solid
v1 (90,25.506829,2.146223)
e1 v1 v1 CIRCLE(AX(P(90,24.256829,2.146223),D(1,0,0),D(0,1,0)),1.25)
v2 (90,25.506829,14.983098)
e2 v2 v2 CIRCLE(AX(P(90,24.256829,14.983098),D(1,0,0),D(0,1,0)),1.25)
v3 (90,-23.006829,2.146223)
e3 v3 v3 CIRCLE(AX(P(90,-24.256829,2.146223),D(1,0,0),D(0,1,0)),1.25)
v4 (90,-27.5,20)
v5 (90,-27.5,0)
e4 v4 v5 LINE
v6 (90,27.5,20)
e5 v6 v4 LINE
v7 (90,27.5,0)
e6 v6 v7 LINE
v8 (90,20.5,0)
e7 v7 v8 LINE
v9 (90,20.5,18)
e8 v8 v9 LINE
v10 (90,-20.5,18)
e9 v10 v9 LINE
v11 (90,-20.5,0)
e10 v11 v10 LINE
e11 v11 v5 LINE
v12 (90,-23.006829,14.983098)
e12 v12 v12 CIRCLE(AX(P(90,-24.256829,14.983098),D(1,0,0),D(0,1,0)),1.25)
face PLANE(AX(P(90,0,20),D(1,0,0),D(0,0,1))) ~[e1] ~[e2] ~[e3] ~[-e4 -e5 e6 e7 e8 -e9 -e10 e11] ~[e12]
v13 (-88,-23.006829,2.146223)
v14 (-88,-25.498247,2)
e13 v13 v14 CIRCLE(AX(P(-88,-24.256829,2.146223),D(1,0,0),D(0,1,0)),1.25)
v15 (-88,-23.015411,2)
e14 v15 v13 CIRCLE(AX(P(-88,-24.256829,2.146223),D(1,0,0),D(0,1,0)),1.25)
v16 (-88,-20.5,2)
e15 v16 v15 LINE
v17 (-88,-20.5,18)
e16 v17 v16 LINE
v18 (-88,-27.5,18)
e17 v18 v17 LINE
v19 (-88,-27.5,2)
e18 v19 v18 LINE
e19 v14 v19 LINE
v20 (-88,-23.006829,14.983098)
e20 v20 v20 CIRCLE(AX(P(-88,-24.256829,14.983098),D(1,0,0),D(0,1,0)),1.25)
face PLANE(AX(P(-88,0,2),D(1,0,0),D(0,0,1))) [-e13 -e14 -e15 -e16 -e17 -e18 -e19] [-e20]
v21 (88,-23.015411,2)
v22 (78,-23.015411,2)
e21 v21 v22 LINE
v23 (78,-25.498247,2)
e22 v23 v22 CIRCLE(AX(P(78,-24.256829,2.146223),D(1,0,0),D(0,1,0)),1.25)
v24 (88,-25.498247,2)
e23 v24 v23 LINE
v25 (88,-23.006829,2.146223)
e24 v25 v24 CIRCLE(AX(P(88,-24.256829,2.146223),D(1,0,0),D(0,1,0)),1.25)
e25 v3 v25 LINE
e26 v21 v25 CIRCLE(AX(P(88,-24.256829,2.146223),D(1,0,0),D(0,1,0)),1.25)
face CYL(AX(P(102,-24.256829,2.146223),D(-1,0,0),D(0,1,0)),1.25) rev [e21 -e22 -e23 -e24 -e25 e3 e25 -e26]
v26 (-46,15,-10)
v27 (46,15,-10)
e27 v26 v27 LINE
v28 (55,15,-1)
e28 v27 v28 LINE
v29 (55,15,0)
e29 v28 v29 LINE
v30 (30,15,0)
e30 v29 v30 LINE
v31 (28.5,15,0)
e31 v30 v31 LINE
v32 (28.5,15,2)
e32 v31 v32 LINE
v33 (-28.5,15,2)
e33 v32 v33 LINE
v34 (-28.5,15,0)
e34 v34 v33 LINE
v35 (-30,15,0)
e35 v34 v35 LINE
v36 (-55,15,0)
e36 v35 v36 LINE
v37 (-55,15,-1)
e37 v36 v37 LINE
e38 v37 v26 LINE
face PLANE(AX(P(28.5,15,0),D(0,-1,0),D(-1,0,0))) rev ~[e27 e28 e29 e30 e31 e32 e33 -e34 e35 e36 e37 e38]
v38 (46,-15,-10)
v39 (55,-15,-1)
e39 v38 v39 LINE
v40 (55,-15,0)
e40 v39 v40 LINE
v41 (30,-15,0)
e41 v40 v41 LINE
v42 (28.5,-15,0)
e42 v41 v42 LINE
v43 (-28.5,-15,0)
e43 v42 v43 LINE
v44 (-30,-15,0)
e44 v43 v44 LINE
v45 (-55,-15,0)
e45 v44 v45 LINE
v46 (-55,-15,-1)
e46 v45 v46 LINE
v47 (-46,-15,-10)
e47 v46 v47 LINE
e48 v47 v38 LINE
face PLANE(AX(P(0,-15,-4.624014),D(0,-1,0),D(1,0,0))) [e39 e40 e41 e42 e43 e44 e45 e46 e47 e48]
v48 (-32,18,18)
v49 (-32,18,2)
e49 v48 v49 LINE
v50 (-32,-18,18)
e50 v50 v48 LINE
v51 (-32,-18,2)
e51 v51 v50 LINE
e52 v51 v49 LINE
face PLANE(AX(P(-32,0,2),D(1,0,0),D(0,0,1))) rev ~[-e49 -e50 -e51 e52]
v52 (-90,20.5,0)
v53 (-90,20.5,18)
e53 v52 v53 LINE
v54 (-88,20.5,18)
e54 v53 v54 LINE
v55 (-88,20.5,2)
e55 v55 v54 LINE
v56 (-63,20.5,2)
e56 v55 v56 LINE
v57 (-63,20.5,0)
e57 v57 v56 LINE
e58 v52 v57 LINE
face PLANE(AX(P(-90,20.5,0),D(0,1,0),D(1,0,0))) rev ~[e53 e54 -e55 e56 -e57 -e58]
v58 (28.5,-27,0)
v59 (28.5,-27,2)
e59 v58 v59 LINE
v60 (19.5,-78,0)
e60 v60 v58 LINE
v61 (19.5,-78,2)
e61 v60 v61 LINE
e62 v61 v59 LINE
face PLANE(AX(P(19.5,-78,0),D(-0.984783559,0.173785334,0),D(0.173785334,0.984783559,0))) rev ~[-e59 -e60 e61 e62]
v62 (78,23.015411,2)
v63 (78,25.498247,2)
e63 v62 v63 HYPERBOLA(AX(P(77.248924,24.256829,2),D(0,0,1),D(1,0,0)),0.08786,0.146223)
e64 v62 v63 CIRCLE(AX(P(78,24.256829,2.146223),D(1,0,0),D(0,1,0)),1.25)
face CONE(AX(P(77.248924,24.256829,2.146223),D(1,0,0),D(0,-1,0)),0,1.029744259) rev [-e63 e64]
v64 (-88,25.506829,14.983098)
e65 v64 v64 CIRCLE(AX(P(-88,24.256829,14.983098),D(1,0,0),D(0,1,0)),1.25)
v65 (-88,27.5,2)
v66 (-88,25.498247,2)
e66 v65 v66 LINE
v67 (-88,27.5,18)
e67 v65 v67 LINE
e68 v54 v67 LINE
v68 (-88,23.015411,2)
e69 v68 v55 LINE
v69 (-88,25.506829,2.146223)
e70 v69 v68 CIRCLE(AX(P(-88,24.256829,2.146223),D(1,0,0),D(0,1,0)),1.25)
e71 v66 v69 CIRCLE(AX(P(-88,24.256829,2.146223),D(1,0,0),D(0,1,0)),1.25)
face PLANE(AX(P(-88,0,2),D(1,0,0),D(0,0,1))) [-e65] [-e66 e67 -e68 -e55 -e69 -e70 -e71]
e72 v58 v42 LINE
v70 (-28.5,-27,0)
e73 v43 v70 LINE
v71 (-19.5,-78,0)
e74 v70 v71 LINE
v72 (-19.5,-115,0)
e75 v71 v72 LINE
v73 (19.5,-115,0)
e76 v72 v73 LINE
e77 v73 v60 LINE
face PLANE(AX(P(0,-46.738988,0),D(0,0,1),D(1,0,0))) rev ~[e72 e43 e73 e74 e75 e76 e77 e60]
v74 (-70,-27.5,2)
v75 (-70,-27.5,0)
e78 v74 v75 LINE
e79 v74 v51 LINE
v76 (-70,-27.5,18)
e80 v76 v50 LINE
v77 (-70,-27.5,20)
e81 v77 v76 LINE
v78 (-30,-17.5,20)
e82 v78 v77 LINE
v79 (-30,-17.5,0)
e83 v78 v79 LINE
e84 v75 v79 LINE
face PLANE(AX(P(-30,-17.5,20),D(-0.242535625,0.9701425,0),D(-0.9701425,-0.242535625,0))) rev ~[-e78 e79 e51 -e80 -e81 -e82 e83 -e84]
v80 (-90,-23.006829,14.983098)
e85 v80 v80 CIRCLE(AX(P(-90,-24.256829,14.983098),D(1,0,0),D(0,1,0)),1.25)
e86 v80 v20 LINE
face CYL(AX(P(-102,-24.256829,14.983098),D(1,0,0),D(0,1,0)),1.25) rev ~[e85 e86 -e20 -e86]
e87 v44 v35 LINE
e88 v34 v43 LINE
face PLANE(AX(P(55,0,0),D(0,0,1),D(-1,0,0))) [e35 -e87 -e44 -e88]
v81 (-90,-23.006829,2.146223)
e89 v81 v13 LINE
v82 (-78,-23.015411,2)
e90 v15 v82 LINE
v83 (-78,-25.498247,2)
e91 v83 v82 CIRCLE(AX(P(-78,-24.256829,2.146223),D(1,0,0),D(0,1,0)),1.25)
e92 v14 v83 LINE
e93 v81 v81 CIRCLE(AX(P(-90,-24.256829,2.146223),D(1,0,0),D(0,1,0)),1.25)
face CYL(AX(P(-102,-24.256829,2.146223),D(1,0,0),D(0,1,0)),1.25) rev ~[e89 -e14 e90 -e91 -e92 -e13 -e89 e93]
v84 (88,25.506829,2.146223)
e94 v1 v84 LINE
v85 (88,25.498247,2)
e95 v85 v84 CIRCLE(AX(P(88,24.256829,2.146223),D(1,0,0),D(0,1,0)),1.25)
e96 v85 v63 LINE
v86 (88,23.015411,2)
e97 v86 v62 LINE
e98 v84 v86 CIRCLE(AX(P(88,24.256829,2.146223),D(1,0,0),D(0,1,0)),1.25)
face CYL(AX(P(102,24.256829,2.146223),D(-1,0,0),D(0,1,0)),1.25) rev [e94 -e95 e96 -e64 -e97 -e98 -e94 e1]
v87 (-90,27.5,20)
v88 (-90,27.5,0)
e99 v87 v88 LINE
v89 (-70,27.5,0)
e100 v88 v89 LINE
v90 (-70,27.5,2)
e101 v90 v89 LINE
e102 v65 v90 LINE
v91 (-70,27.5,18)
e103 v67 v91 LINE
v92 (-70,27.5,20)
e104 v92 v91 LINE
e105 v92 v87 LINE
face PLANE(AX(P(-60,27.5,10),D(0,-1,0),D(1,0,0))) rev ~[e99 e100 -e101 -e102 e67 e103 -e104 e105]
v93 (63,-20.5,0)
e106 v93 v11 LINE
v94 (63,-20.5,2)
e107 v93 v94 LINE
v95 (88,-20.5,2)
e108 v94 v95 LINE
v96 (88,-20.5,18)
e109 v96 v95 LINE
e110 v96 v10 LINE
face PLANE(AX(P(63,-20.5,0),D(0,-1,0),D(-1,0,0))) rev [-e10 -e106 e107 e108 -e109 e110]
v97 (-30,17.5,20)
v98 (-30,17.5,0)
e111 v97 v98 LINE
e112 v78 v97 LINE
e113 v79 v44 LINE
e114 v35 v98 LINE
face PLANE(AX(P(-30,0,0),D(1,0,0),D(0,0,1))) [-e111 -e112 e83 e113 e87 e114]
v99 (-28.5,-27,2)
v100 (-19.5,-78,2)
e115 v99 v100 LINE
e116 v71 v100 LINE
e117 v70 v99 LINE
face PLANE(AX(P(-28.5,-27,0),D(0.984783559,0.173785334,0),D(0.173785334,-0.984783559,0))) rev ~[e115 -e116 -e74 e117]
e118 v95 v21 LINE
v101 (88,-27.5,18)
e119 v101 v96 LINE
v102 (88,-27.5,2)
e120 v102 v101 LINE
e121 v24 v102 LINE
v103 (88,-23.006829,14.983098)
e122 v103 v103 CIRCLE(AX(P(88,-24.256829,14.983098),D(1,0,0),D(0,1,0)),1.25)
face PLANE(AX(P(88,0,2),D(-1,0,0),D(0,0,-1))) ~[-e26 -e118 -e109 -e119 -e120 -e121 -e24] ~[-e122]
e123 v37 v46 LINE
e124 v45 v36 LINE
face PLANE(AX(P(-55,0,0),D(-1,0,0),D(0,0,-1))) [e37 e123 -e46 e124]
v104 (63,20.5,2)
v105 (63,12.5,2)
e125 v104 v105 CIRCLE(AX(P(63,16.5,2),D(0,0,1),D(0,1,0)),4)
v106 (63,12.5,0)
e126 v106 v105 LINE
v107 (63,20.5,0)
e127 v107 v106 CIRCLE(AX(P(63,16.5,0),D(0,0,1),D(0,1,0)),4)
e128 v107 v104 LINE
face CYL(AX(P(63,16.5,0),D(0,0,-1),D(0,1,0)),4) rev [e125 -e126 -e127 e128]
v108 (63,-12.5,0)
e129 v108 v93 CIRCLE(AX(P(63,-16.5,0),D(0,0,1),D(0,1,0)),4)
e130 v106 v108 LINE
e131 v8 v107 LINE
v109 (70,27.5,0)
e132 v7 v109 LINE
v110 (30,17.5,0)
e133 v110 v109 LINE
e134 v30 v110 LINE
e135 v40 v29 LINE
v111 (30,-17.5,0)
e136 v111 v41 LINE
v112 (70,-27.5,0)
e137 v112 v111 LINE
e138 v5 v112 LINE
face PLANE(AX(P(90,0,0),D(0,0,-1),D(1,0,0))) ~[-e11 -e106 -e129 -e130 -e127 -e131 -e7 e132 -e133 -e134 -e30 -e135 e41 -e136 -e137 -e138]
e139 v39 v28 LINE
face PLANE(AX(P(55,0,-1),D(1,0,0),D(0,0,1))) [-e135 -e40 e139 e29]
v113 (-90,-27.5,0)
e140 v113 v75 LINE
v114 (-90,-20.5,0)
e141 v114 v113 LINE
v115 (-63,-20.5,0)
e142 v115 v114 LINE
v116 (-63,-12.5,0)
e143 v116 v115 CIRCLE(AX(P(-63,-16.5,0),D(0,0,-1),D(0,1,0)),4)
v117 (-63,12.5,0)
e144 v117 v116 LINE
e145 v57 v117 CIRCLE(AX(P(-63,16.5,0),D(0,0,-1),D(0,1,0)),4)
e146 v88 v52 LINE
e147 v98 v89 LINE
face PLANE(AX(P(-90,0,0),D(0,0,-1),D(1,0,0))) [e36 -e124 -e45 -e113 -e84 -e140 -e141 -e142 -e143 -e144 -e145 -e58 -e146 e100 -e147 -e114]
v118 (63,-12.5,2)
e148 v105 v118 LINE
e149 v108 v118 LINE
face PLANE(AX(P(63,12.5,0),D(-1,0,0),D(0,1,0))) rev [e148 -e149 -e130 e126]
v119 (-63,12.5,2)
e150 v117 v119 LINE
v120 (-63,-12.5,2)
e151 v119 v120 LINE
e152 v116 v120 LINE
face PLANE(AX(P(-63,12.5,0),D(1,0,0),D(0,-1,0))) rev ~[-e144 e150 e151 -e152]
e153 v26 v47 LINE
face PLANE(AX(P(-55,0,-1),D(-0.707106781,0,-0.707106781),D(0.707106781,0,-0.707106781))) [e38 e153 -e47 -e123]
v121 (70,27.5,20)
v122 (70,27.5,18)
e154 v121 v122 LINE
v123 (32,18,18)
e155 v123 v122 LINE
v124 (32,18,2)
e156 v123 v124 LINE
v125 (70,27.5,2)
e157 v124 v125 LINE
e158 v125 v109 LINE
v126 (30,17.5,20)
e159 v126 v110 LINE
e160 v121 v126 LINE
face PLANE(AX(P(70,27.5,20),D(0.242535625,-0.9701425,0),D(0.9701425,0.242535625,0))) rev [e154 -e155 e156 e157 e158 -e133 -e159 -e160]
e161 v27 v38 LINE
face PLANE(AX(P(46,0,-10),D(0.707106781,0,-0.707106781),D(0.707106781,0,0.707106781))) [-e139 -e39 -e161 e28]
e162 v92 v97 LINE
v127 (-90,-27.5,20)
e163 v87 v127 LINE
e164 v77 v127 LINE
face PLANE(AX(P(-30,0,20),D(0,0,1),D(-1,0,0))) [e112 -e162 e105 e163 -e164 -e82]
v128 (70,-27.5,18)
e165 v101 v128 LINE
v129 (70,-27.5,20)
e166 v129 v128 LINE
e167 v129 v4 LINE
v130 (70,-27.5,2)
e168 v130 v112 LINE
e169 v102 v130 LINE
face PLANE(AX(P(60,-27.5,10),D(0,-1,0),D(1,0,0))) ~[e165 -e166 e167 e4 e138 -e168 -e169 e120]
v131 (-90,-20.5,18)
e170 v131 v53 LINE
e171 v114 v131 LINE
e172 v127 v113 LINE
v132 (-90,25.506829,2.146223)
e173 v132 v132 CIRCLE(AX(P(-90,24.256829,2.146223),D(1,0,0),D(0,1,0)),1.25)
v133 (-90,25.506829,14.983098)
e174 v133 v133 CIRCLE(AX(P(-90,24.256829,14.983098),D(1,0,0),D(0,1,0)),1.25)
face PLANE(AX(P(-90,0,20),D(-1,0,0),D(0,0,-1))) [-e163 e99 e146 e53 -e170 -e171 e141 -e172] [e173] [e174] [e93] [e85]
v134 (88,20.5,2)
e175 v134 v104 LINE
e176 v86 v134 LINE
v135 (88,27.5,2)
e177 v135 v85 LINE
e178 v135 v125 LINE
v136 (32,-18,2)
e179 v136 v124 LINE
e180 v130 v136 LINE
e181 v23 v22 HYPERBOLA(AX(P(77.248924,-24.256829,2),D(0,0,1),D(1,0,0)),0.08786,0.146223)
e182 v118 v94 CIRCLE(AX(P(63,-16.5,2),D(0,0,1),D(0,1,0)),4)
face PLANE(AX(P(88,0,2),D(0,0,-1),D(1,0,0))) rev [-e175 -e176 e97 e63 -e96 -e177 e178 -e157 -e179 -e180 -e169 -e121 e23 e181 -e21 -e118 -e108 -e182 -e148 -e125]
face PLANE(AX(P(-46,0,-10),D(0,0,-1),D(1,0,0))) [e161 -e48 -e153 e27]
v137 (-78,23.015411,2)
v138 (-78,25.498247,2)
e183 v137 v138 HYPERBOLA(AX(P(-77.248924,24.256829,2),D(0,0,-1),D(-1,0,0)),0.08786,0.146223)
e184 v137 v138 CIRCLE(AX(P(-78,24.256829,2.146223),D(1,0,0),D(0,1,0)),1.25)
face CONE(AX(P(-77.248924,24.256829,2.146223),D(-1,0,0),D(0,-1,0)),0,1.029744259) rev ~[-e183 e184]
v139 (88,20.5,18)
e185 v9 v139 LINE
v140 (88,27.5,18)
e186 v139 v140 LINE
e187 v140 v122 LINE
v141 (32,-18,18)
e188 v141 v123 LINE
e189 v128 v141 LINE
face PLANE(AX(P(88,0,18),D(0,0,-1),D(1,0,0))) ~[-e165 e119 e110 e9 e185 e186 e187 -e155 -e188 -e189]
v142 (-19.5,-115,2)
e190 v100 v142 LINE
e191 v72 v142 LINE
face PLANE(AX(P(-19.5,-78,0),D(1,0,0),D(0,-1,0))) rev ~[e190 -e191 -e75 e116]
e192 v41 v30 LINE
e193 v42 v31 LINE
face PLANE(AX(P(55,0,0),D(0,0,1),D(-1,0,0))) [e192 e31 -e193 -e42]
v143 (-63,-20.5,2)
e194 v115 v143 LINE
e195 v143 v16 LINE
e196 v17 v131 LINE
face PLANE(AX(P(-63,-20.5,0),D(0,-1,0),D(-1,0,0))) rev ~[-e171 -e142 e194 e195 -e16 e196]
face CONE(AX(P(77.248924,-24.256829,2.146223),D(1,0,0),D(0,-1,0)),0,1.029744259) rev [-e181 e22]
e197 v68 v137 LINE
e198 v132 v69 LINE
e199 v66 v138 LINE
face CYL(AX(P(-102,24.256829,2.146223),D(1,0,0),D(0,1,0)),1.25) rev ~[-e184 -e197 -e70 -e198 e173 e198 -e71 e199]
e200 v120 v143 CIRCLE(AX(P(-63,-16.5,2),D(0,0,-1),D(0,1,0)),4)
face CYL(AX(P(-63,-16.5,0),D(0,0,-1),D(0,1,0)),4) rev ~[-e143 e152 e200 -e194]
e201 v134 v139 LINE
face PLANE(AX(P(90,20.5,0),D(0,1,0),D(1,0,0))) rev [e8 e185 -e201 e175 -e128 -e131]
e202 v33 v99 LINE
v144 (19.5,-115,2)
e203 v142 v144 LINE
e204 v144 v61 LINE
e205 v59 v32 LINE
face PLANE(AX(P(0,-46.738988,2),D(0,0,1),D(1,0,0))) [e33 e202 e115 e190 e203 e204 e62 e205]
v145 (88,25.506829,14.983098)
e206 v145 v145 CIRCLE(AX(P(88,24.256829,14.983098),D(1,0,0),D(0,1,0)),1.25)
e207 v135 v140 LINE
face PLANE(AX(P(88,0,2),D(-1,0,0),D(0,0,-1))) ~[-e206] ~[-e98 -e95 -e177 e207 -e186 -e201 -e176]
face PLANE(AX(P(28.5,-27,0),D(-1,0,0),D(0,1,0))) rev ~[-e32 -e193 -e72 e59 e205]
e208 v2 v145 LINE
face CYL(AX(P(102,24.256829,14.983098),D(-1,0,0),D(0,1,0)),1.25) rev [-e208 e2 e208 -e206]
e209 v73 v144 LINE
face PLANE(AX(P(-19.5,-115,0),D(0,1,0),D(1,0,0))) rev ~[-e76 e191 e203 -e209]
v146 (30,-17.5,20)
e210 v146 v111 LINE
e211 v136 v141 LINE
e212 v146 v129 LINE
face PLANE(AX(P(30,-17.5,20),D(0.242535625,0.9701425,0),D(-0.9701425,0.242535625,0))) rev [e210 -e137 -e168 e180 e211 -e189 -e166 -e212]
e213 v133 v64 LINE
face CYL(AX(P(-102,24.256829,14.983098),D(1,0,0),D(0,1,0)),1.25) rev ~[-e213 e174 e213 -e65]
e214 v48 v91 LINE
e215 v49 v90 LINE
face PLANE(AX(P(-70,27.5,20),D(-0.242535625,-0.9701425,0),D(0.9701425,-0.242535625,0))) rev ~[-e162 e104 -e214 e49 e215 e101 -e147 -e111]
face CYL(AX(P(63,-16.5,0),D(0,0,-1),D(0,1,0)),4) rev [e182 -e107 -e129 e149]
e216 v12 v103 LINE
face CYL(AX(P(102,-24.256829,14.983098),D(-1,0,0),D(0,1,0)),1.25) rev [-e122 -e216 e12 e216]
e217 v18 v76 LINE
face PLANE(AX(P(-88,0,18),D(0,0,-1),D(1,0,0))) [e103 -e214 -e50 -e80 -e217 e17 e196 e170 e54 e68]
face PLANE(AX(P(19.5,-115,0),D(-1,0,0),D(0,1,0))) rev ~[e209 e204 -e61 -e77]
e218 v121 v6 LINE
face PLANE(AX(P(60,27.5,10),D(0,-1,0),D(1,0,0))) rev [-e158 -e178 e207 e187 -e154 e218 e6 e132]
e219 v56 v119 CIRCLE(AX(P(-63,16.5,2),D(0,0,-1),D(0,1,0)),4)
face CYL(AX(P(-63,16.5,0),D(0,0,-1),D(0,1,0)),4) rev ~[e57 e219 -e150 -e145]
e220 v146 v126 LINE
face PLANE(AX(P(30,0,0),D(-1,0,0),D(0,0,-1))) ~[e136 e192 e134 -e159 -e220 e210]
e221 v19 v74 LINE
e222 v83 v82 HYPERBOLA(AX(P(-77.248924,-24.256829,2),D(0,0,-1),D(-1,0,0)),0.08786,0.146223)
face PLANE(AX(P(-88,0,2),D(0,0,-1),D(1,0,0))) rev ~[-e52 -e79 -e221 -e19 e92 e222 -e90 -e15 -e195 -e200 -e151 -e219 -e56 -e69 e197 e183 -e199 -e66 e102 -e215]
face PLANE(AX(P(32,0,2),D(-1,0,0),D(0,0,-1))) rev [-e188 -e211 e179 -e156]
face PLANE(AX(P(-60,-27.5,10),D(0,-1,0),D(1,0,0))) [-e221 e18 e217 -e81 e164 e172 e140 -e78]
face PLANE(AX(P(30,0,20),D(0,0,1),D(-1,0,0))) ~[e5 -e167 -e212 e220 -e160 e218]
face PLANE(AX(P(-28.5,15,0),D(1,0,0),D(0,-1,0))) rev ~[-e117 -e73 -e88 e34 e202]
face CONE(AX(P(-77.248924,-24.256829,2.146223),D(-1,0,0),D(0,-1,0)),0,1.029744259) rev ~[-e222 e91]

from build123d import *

# Parameters (mm, degrees)
F0_W      = 56
F0_H      = 16
F1_DEPTH  = 27.5
F2_DEPTH  = 15
F4_DEPTH  = 30.001
F6_DEPTH  = 18
F9_D      = 2.5
F9_DEPTH  = 12
F9_TIP    = 0.7510757738
F11_DEPTH = 2


with BuildPart() as f1:
    # F0 (on Front) → F1 (new body, symmetric)
    with BuildSketch(Plane.XZ):
        Polygon((-30, 20), (-90, 20), (-90, 0), (-55, 0), (-30, 0), align=None)
        with Locations((-60, 10)):
            Rectangle(F0_W, F0_H, mode=Mode.SUBTRACT)
    extrude(amount=F1_DEPTH, both=True)


with BuildPart() as f1b:
    # F0 (on Front) → F1, piece 2 (new body, symmetric)
    with BuildSketch(Plane.XZ):
        Polygon((30, 20), (30, 0), (55, 0), (90, 0), (90, 20), align=None)
        with Locations((60, 10)):
            Rectangle(F0_W, F0_H, mode=Mode.SUBTRACT)
    extrude(amount=F1_DEPTH, both=True)


with BuildPart() as f2:
    # F0 (on Front) → F2 (new body, symmetric)
    with BuildSketch(Plane.XZ):
        Polygon((30, 0), (-30, 0), (-55, 0), (-55, -1), (-46, -10), (46, -10), (55, -1), (55, 0), align=None)
    extrude(amount=F2_DEPTH, both=True)

    # F10 (on face) → F11 (join)
    with BuildSketch(Plane.XY):
        Polygon((28.5, 15), (-28.5, 15), (-28.5, -27), (-19.5, -78), (-19.5, -115), (19.5, -115), (19.5, -78), (28.5, -27), align=None)
    extrude(amount=F11_DEPTH)


with BuildPart() as f4_tool:
    # F3 (on face) → F4 (new body, through all)
    with BuildSketch(Plane.XY.offset(20)):
        Polygon((-30, 27.5), (-70, 27.5), (-30, 17.5), align=None)
        Polygon((-70, -27.5), (-30, -27.5), (-30, -17.5), align=None)
        Polygon((30, 17.5), (70, 27.5), (30, 27.5), align=None)
        Polygon((70, -27.5), (30, -17.5), (30, -27.5), align=None)
    extrude(amount=-F4_DEPTH)


with BuildPart() as f1_1:
    add(f1.part)

    # F4: cut by f4_tool
    add(f4_tool.part, mode=Mode.SUBTRACT)

    # F5 (on face) → F6 (cut, through all)
    with BuildSketch(Plane(origin=(0, 0, 0), x_dir=(1, 0, 0), z_dir=(0, 0, -1))):
        with BuildLine():
            Line((-63, 20.5), (-90, 20.5))
            Line((-90, 20.5), (-90, -20.5))
            Line((-90, -20.5), (-63, -20.5))
            ThreePointArc((-63, -20.5), (-59, -16.5), (-63, -12.5))
            Line((-63, -12.5), (-63, 12.5))
            ThreePointArc((-63, 12.5), (-59, 16.5), (-63, 20.5))
        make_face()
    extrude(amount=-F6_DEPTH, mode=Mode.SUBTRACT)

    # F9
    with Locations(Plane(origin=(-90, 0, 0), x_dir=(0, -1, 0), z_dir=(-1, 0, 0))):
        with Locations((-24.2568291724, 14.9830980226), (-24.2568291724, 2.1462233271), (24.2568291724, 14.9830980226), (24.2568291724, 2.1462233271)):
            Hole(F9_D / 2, depth=F9_DEPTH)
            with Locations((0, 0, -(F9_DEPTH + F9_TIP / 2))):  # 118° drill point
                Cone(0, F9_D / 2, F9_TIP, mode=Mode.SUBTRACT)



with BuildPart() as f1b_1:
    add(f1b.part)

    # F4: cut by f4_tool
    add(f4_tool.part, mode=Mode.SUBTRACT)


with BuildPart() as f1_2:
    add(f1_1.part)

    add(f2.part)  # F12 merges F2
    # F12: F1 across plane
    add(f1_1.part.mirror(Plane.YZ))


solid = f1_2.part
